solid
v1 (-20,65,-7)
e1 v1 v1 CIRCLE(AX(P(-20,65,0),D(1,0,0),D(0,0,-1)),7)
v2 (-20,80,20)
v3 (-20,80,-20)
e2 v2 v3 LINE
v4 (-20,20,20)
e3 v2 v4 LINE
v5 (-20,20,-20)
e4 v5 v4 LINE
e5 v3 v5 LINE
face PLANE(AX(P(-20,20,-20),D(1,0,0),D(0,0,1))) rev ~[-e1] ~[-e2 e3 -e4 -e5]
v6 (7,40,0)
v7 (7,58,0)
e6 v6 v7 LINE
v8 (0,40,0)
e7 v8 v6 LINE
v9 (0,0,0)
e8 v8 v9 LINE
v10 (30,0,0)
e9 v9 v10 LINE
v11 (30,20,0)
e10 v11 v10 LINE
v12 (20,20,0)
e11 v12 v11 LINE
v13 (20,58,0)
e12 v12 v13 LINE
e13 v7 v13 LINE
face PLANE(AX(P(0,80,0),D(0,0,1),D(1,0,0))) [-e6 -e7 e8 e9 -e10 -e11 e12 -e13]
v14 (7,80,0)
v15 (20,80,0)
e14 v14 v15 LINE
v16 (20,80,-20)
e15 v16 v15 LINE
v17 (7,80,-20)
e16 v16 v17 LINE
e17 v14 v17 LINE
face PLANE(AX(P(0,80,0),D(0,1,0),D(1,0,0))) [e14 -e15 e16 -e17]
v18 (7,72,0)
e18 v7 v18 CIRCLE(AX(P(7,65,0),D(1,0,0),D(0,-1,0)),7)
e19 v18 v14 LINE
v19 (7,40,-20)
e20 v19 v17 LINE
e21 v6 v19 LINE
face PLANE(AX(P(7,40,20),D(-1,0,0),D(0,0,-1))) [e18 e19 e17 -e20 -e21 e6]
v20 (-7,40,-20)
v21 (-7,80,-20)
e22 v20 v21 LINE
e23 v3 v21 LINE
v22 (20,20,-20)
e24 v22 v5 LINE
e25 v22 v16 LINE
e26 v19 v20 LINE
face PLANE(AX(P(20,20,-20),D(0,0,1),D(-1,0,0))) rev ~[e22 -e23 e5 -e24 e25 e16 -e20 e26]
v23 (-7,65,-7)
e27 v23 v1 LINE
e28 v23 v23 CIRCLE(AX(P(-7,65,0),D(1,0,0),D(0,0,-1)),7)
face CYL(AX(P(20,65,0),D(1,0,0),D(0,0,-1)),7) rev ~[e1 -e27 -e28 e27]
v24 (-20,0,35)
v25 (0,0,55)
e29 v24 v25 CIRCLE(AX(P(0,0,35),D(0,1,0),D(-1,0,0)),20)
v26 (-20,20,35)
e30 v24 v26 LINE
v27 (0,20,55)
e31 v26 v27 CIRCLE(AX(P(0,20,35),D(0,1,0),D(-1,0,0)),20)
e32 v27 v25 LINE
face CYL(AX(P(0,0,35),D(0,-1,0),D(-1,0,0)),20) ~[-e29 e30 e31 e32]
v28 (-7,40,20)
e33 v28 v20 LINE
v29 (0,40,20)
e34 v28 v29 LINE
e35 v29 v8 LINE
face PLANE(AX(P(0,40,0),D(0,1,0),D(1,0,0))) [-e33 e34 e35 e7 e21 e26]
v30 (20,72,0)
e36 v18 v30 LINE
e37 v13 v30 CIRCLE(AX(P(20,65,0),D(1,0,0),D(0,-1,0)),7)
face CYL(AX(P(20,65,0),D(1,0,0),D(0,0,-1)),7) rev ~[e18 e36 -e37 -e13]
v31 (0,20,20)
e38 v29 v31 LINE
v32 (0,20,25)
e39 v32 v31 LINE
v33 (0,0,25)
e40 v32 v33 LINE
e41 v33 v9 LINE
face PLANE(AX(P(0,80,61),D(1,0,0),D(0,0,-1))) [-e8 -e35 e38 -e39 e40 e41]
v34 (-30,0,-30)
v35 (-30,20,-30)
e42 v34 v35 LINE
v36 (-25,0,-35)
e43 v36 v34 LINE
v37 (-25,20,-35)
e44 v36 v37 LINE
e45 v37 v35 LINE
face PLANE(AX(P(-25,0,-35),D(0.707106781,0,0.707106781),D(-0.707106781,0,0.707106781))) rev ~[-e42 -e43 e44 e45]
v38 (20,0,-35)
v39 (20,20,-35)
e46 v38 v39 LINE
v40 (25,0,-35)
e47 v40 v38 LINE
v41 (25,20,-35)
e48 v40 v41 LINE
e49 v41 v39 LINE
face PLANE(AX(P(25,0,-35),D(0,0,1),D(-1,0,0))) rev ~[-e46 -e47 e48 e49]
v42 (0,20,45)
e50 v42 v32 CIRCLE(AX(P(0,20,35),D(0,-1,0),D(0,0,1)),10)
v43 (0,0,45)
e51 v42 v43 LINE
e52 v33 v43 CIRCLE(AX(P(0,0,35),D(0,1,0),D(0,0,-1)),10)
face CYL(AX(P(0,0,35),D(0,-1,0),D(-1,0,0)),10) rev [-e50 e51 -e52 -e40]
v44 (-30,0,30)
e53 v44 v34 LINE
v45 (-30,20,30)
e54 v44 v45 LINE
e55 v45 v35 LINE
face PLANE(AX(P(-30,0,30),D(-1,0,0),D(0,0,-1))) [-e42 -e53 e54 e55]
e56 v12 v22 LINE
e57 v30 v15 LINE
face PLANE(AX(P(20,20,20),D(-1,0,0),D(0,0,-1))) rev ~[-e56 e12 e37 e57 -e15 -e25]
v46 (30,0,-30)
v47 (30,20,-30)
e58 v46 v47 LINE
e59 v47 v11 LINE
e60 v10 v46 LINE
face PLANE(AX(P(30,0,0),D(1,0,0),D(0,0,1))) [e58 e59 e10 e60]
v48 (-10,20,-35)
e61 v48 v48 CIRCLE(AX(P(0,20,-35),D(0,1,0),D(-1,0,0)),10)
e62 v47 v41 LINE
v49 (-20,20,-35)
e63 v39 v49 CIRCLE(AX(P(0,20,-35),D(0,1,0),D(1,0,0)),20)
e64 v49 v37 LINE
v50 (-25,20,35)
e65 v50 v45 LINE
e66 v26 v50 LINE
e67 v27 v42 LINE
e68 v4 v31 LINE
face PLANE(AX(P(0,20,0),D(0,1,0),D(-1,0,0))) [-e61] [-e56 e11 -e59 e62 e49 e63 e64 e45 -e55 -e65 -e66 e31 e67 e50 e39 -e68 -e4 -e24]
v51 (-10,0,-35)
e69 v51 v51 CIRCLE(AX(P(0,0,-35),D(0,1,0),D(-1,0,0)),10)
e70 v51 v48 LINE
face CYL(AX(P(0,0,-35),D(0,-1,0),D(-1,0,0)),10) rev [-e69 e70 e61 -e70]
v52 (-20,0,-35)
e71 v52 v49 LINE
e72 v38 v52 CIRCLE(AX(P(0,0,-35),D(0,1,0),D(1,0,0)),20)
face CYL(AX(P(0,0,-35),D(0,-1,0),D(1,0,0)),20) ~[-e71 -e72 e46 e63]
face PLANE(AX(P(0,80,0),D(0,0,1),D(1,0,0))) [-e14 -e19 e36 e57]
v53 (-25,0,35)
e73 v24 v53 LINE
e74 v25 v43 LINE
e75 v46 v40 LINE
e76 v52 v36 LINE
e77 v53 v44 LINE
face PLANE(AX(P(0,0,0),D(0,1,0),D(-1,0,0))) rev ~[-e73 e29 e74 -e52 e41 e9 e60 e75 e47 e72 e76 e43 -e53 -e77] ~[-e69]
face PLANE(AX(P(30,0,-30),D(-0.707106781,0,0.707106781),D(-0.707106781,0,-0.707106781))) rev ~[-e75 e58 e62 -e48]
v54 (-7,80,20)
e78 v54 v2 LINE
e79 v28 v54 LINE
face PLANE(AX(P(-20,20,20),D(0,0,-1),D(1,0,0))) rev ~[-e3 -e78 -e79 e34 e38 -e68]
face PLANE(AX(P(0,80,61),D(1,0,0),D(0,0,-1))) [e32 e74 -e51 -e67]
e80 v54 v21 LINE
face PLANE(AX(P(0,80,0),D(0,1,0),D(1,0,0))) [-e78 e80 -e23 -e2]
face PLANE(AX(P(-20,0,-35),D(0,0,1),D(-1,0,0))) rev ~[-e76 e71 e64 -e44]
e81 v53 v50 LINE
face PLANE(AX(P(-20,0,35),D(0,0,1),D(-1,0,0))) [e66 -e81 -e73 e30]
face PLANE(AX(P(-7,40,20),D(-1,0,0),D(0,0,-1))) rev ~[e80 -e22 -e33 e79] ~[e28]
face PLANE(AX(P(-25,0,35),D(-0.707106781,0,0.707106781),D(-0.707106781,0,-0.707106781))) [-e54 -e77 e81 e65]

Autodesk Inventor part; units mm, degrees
ref_plane "YZ Plane" through (0, 0, 0) normal (1, 0, 0) x (0, 1, 0)
ref_plane "XY Plane" through (0, 0, 0) normal (0, 0, 1) x (1, 0, 0)
sketch "Эскиз1" plane through (0, 0, 0) normal (0, 1, 0) x (-1, 0, 0)
  line L0 (-30, 0) -> (-30, -30)
  line L1 (-30, 0) -> (-30, 30)
  circle A0 centre (0, 35) radius 10
  arc A1 (20, 35) -> (-20, 35) centre (0, 35) ccw
  line L2 (-25, 35) -> (-30, 30)
  circle A2 centre (0, -35) radius 10
  arc A3 (-20, -35) -> (20, -35) centre (0, -35) ccw
  line L3 (-30, -30) -> (-25, -35)
  line L4 (30, 30) -> (30, -30)
  line L5 (25, 35) -> (30, 30)
  line L6 (25, -35) -> (30, -30)
  line L7 (-25, 35) -> (-20, 35)
  line L8 (20, 35) -> (25, 35)
  line L9 (-25, -35) -> (-20, -35)
  line L10 (20, -35) -> (25, -35)
  point P0 (0, 0)
  point P1 (-30, -35)
  point P2 (-30, 35)
  point P3 (30, 35)
  point P4 (30, -35)
  point P5 (30, 35)
  point P6 (30, -35)
  dimension "d0" = 35
  dimension "d1" = 35
  dimension "d2" = 20
  dimension "d3" = 40
  dimension "d4" = 5
  dimension "d5" = 5
  dimension "d6" = 20
  dimension "d7" = 40
  dimension "d8" = 5
  dimension "d9" = 5
  dimension "d10" = 5
  dimension "d11" = 5
  dimension "d12" = 5
  dimension "d13" = 5
extrude "Выдавливание1" add sketch "Эскиз1" along normal blind 20
sketch "Эскиз2" plane through (0, 20, 0) normal (0, 1, 0) x (1, 0, 0)
  line L0 (20, 20) -> (-20, 20)
  line L1 (-20, 20) -> (-20, -20)
  line L2 (-20, -20) -> (20, -20)
  line L3 (20, -20) -> (20, 20)
  line L4 (20, 20) -> (-20, -20) construction
  line L5 (-20, 20) -> (20, -20) construction
  point P0 (0, 0)
  dimension "d16" = 40
  dimension "d17" = 40
extrude "Выдавливание2" add sketch "Эскиз2" along normal blind 20
sketch "Эскиз3" plane through (0, 40, 0) normal (0, 1, 0) x (1, 0, 0)
  line L0 (-7, -20) -> (-7, 20)
  line L1 (-7, -20) -> (-20, -20)
  line L2 (-20, -20) -> (-20, 20)
  line L3 (7, -20) -> (7, 20)
  line L4 (20, -20) -> (7, -20)
  line L5 (-7, -20) -> (-20, -20)
  line L6 (-20, 20) -> (-7, 20)
  line L7 (20, 20) -> (20, -20) projected
  line L8 (20, -20) -> (20, 20)
  line L9 (20, 20) -> (7, 20)
  point P0 (0, 0)
extrude "Выдавливание3" add sketch "Эскиз3" along normal blind 40
sketch "Эскиз4" plane through (20, 20, 20) normal (1, 0, 0) x (0, 0, -1)
  circle A0 centre (20, 45) radius 7
  point P0 (20, -20)
  dimension "d22" = 14
extrude "Выдавливание4" cut sketch "Эскиз4" against normal blind 40
ref_plane "РабПлоскость1" through (0, 80, 0) normal (0, 1, 0) x (-1, 0, 0)
sketch "Эскиз5" plane through (0, 80, 0) normal (0, 1, 0) x (-1, 0, 0)
  line L0 (0, 0) -> (-33, 0)
  line L1 (-33, 0) -> (-33, 61)
  line L2 (-33, 61) -> (0, 61)
  line L3 (0, 61) -> (0, 0)
extrude "Выдавливание5" cut sketch "Эскиз5" against normal blind 80
equation "\"d5\" = d4"
equation "\"d9\" = d8"
equation "\"d11\" = d10"
equation "\"d12\" = d10"
equation "\"d13\" = d12"
properties part number "пч2020"
